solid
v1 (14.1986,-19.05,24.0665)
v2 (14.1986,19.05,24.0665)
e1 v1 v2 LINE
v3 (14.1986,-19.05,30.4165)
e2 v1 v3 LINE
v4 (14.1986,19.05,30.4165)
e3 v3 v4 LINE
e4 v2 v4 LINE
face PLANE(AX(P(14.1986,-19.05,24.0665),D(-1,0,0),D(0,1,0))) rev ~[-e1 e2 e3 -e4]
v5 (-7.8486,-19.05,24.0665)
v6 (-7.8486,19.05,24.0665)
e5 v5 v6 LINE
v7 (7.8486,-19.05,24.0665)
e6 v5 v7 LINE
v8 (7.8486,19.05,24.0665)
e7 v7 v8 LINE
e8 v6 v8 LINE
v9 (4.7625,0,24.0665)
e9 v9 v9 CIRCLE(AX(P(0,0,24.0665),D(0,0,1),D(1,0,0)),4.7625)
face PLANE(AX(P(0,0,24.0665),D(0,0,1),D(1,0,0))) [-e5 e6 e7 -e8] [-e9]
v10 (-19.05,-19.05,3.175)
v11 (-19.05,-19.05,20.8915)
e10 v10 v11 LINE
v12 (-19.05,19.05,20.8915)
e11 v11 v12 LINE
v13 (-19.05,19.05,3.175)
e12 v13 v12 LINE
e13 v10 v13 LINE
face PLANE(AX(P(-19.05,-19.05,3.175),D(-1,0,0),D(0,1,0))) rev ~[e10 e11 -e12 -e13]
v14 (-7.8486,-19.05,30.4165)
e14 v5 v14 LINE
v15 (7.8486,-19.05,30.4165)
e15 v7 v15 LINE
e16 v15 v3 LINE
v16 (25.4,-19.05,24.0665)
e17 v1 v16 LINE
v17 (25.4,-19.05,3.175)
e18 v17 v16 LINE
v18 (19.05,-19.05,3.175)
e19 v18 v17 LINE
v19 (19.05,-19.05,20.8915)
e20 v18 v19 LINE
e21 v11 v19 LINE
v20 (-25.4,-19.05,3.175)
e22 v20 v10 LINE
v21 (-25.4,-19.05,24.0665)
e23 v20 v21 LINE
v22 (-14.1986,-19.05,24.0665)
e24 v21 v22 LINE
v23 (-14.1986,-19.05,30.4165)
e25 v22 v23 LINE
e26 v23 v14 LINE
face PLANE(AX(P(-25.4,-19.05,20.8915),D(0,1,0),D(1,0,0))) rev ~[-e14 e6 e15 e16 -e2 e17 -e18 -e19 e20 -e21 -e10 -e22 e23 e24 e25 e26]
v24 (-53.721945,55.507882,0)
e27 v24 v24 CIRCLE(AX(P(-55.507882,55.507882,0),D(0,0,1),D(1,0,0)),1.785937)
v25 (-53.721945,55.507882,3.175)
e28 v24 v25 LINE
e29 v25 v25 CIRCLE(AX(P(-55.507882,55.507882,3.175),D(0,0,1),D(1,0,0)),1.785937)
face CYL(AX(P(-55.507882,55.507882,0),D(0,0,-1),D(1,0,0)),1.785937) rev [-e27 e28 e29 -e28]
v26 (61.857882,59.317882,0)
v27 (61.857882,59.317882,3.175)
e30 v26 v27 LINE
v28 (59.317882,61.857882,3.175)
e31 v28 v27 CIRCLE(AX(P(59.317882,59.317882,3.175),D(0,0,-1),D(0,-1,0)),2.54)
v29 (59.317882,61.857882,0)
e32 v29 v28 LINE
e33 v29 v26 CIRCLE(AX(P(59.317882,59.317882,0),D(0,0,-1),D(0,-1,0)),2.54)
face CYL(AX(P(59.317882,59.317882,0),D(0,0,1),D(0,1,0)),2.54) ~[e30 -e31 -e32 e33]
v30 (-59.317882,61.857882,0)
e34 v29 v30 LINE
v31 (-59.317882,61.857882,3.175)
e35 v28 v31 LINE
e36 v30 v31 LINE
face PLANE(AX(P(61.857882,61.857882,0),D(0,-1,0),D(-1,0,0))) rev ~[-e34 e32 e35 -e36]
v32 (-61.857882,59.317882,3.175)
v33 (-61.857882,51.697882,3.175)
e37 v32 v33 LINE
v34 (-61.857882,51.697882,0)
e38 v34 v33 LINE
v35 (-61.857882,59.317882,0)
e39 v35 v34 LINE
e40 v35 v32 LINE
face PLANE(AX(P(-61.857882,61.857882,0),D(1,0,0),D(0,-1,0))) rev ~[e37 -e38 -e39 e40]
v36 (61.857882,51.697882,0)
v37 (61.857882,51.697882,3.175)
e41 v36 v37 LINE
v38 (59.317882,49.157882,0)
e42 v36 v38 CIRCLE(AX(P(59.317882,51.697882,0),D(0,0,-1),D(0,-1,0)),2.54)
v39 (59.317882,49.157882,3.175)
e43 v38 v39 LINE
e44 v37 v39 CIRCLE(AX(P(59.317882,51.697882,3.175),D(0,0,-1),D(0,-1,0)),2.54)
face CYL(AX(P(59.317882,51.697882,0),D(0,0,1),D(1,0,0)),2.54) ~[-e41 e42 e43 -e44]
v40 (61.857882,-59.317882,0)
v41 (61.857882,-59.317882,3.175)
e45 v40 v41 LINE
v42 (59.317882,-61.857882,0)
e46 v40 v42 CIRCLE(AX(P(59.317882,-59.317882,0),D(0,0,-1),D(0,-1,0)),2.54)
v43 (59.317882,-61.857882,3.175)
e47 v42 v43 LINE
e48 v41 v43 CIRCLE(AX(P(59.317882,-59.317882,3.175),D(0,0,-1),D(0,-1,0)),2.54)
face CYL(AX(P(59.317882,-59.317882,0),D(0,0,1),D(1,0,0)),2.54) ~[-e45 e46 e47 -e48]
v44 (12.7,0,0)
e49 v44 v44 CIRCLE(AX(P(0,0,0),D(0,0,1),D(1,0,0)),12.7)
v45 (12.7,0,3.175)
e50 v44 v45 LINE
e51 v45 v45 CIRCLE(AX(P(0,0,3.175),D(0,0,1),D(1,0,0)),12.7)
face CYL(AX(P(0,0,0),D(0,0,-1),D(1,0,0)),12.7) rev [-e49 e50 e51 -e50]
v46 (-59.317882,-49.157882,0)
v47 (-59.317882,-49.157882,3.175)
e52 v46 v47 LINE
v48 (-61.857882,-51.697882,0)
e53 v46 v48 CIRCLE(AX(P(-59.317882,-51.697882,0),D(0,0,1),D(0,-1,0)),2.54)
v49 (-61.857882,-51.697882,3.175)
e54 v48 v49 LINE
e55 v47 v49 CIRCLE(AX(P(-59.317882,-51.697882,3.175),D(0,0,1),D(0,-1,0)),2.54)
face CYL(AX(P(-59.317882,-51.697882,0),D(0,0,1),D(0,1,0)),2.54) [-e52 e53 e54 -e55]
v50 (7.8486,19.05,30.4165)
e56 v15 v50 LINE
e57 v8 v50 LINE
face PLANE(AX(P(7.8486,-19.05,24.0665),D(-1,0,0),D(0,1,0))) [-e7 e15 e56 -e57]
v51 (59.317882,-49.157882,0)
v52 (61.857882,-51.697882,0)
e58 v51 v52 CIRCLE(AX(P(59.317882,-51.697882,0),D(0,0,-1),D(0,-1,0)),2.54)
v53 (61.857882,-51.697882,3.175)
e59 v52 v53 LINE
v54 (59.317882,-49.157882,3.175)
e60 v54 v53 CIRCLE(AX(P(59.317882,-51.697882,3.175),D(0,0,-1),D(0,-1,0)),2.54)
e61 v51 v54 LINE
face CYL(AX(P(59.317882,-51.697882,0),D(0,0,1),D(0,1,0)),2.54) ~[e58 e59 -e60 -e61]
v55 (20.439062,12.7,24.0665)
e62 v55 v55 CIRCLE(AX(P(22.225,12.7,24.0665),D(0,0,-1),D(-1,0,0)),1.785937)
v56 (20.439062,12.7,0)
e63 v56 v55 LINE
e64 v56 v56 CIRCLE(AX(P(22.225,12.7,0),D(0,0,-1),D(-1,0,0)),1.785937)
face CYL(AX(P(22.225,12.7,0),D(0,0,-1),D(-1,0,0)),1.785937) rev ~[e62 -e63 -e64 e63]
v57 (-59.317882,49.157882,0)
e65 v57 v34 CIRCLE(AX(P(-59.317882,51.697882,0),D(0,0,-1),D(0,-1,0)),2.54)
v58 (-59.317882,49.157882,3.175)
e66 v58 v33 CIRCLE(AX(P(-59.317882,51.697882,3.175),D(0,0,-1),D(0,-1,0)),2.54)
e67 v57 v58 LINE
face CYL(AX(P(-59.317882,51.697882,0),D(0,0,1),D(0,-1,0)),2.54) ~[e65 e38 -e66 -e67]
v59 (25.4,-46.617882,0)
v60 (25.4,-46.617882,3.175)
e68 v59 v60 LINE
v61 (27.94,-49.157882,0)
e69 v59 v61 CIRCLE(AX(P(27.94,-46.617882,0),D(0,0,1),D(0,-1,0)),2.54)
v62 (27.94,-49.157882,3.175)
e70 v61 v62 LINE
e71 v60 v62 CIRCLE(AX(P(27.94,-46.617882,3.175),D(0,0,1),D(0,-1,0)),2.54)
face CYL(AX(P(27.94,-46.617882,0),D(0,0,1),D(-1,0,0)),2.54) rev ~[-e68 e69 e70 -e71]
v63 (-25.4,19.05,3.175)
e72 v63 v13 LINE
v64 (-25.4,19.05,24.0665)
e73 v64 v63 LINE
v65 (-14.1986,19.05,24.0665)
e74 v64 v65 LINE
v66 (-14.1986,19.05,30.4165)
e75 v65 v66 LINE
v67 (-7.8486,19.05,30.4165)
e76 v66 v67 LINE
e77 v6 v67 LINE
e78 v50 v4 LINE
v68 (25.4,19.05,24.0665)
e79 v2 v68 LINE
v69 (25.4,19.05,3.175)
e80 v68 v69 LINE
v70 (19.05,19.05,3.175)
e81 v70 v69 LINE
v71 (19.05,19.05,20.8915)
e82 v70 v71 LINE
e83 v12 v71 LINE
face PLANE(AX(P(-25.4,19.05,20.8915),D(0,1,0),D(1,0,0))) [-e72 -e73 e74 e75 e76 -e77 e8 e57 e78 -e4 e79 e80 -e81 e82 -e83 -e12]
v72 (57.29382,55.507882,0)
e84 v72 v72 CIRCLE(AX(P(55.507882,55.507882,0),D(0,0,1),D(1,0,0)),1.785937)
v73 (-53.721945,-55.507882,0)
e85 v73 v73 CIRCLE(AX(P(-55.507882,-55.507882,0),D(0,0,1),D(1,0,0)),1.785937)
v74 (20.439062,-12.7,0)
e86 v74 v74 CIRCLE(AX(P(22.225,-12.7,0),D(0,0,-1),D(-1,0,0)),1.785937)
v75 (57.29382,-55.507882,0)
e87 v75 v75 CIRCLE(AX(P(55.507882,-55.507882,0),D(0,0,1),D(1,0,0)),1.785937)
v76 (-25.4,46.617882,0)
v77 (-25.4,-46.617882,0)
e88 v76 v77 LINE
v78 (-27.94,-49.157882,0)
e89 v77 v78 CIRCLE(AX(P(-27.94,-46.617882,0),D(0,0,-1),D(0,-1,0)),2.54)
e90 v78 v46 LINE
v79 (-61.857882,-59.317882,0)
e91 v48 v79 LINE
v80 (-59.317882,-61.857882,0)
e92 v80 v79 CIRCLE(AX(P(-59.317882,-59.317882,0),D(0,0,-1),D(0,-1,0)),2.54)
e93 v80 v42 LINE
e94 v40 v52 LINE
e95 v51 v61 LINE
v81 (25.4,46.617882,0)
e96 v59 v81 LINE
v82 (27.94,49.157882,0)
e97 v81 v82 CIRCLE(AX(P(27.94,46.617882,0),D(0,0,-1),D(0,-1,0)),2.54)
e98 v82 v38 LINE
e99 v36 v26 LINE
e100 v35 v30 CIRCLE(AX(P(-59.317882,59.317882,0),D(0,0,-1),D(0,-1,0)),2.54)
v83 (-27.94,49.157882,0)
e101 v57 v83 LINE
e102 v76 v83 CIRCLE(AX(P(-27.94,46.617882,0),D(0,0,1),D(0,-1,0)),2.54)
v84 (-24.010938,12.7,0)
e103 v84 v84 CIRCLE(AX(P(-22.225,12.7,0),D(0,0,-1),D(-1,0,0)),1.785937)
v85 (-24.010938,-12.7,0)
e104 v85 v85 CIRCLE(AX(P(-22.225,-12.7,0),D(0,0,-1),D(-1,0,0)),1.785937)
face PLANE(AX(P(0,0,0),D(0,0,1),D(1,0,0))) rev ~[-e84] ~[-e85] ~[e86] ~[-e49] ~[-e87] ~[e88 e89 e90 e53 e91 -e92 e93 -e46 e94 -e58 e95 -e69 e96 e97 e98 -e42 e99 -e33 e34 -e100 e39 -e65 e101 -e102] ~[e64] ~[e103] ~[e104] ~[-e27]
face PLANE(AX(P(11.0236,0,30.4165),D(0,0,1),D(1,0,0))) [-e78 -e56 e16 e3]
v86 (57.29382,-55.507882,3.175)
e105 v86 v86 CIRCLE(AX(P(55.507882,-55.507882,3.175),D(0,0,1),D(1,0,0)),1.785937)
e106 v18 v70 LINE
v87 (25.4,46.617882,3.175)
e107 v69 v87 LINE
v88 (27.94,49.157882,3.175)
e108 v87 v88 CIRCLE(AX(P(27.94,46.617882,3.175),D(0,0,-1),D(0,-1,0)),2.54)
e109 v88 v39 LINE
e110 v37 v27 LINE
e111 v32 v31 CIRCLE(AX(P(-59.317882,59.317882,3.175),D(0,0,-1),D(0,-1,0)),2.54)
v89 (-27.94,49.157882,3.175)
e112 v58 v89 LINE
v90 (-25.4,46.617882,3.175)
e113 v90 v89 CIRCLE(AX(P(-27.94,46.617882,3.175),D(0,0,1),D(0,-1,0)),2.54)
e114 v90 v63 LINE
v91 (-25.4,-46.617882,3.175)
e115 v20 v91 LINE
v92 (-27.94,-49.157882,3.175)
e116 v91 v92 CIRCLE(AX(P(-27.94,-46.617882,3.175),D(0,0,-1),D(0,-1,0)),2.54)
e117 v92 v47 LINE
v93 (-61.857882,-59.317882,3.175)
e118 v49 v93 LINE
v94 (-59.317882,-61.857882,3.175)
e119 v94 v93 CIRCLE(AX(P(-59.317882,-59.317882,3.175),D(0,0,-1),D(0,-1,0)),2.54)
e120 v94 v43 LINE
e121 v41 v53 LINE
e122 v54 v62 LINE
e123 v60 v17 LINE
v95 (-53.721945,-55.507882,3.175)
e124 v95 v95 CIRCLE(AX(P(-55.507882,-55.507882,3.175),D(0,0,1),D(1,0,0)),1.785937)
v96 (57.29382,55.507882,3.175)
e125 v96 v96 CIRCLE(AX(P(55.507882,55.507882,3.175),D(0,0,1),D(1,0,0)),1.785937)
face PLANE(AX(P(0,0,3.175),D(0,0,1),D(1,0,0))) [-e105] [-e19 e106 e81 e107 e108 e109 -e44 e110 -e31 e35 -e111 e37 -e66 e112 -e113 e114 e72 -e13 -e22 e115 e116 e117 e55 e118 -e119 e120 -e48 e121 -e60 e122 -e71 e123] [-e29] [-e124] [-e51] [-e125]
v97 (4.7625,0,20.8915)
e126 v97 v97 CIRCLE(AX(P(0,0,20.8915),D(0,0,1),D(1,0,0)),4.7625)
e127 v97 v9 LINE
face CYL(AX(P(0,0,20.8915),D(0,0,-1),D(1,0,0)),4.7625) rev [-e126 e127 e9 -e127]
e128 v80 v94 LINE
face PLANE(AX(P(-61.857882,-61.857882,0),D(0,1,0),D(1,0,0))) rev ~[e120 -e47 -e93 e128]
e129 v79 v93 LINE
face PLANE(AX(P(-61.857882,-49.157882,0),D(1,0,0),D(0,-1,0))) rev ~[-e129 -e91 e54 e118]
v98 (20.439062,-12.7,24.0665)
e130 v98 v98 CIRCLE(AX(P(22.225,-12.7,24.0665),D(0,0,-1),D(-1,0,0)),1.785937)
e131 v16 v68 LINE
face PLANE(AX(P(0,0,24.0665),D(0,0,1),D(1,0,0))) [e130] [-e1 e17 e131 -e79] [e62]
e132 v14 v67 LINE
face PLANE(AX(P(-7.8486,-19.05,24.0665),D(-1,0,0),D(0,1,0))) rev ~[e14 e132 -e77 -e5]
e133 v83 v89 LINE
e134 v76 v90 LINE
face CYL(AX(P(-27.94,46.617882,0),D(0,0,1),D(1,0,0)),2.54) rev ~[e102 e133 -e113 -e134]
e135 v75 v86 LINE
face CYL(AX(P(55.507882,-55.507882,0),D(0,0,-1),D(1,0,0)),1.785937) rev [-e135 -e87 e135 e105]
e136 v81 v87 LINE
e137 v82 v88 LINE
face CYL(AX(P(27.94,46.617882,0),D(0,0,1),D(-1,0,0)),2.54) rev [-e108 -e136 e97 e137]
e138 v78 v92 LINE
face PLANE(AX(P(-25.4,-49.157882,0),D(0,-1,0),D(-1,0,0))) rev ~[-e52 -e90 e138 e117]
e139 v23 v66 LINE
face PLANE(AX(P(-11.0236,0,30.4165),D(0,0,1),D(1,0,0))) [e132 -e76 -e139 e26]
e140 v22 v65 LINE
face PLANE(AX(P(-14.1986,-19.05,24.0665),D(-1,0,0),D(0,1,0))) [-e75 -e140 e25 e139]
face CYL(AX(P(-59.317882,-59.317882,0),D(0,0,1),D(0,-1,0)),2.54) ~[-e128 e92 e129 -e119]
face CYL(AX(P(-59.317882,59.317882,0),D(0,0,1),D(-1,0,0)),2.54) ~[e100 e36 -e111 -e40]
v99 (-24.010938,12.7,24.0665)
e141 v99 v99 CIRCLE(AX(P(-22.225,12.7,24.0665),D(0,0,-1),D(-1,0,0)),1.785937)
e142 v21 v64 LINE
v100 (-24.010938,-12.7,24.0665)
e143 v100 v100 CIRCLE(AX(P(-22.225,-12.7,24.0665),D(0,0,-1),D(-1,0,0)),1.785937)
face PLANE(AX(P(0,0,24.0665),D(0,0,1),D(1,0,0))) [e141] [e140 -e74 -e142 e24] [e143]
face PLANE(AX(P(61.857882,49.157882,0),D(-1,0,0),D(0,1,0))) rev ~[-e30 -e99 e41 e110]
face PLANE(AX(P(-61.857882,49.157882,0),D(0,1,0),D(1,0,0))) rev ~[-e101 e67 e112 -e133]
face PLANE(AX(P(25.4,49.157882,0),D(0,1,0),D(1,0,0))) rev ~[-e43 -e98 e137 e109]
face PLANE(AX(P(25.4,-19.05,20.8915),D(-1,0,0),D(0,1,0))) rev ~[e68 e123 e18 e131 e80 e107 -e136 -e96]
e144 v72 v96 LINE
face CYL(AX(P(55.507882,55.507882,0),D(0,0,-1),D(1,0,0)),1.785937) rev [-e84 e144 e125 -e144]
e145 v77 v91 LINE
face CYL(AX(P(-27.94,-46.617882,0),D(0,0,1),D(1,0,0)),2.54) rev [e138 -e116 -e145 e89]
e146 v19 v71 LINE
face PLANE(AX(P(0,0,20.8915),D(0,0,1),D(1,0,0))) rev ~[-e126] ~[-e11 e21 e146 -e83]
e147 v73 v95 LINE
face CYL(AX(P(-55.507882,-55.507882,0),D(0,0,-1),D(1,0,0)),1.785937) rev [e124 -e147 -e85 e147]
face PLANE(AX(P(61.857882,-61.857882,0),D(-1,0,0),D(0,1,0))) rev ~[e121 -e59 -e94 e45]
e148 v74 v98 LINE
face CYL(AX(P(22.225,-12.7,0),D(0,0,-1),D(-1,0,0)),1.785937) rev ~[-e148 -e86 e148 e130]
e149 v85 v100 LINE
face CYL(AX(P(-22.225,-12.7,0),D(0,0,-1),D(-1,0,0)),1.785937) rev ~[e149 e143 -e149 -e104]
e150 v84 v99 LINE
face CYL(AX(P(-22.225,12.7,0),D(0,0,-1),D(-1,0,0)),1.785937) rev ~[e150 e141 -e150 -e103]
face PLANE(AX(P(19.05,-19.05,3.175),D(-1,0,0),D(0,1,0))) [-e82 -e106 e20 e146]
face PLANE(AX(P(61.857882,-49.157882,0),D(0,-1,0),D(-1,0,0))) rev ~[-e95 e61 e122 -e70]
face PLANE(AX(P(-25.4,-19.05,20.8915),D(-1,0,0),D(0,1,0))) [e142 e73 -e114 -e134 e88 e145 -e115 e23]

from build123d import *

# Parameters (mm, degrees)
SKETCH1_R           = 1.7859375
SKETCH1_R_2         = 12.7
BOSS_EXTRUDE1_DEPTH = 3.175
SKETCH2_W           = 6.35
SKETCH2_H           = 38.1
BOSS_EXTRUDE2_DEPTH = 17.7165
SKETCH3_W           = 50.8
SKETCH3_H           = 38.1
SKETCH3_R           = 4.7625
BOSS_EXTRUDE3_DEPTH = 3.175
SKETCH4_W           = 6.35
SKETCH4_H           = 38.1
BOSS_EXTRUDE4_DEPTH = 6.35
FILLET1_R           = 2.54
CUT_EXTRUDE2_REACH  = 94.617
SKETCH6_R           = 1.7859375


with BuildPart() as part:
    # Sketch1 → Boss-Extrude1 (new body)
    with BuildSketch(Plane.XY):
        Polygon((25.4, -19.05), (25.4, 49.157882323), (61.857882323, 49.157882323), (61.857882323, 61.857882323), (19.05, 61.857882323), (-19.05, 61.857882323), (-61.857882323, 61.857882323), (-61.857882323, 49.157882323), (-25.4, 49.157882323), (-25.4, -19.05), (-25.4, -49.157882323), (-61.857882323, -49.157882323), (-61.857882323, -61.857882323), (-19.05, -61.857882323), (19.05, -61.857882323), (61.857882323, -61.857882323), (61.857882323, -49.157882323), (25.4, -49.157882323), align=None)
        with Locations((-55.507882323, -55.507882323)):
            Circle(SKETCH1_R, mode=Mode.SUBTRACT)
        with Locations((55.507882323, -55.507882323)):
            Circle(SKETCH1_R, mode=Mode.SUBTRACT)
        Circle(SKETCH1_R_2, mode=Mode.SUBTRACT)
        with Locations((-55.507882323, 55.507882323)):
            Circle(SKETCH1_R, mode=Mode.SUBTRACT)
        with Locations((55.507882323, 55.507882323)):
            Circle(SKETCH1_R, mode=Mode.SUBTRACT)
    extrude(amount=BOSS_EXTRUDE1_DEPTH)

    # Sketch2 → Boss-Extrude2 (add)
    with BuildSketch(Plane.XY.offset(3.175)):
        with Locations((22.225, 0)):
            Rectangle(SKETCH2_W, SKETCH2_H)
        with Locations((-22.225, 0)):
            Rectangle(SKETCH2_W, SKETCH2_H)
    extrude(amount=BOSS_EXTRUDE2_DEPTH)

    # Sketch3 → Boss-Extrude3 (add)
    with BuildSketch(Plane.XY.offset(20.8915)):
        Rectangle(SKETCH3_W, SKETCH3_H)
        Circle(SKETCH3_R, mode=Mode.SUBTRACT)
    extrude(amount=BOSS_EXTRUDE3_DEPTH)

    # Sketch4 → Boss-Extrude4 (add)
    with BuildSketch(Plane.XY.offset(24.0665)):
        with Locations((11.0236, 0)):
            Rectangle(SKETCH4_W, SKETCH4_H)
        with Locations((-11.0236, 0)):
            Rectangle(SKETCH4_W, SKETCH4_H)
    extrude(amount=BOSS_EXTRUDE4_DEPTH)

    # Fillet1
    fillet1_edges = [part.edges().sort_by_distance(p)[0] for p in [
        (61.857882323, -49.157882323, 1.5875),
        (61.857882323, -61.857882323, 1.5875),
        (-61.857882323, -61.857882323, 1.5875),
        (-61.857882323, -49.157882323, 1.5875),
        (-25.4, -49.157882323, 1.5875),
        (-25.4, 49.157882323, 1.5875),
        (-61.857882323, 49.157882323, 1.5875),
        (-61.857882323, 61.857882323, 1.5875),
        (61.857882323, 61.857882323, 1.5875),
        (61.857882323, 49.157882323, 1.5875),
        (25.4, 49.157882323, 1.5875),
        (25.4, -49.157882323, 1.5875),
    ]]
    fillet(fillet1_edges, radius=FILLET1_R)

    # Sketch6 → Cut-Extrude2 (cut, up to next)
    with BuildSketch(Plane(origin=(0, 0, 0), x_dir=(-1, 0, 0), z_dir=(0, 0, -1)), mode=Mode.PRIVATE) as cut_extrude2_sk1:
        with Locations((-22.225, -12.7)):
            Circle(SKETCH6_R)
    cut_extrude2_tool1 = extrude(cut_extrude2_sk1.sketch, amount=-CUT_EXTRUDE2_REACH, mode=Mode.PRIVATE) & part.part
    # Sketch6 → Cut-Extrude2 (cut, up to next)
    with BuildSketch(Plane(origin=(0, 0, 0), x_dir=(-1, 0, 0), z_dir=(0, 0, -1)), mode=Mode.PRIVATE) as cut_extrude2_sk2:
        with Locations((-22.225, 12.7)):
            Circle(SKETCH6_R)
    cut_extrude2_tool2 = extrude(cut_extrude2_sk2.sketch, amount=-CUT_EXTRUDE2_REACH, mode=Mode.PRIVATE) & part.part
    # Sketch6 → Cut-Extrude2 (cut, up to next)
    with BuildSketch(Plane(origin=(0, 0, 0), x_dir=(-1, 0, 0), z_dir=(0, 0, -1)), mode=Mode.PRIVATE) as cut_extrude2_sk3:
        with Locations((22.225, 12.7)):
            Circle(SKETCH6_R)
    cut_extrude2_tool3 = extrude(cut_extrude2_sk3.sketch, amount=-CUT_EXTRUDE2_REACH, mode=Mode.PRIVATE) & part.part
    # Sketch6 → Cut-Extrude2 (cut, up to next)
    with BuildSketch(Plane(origin=(0, 0, 0), x_dir=(-1, 0, 0), z_dir=(0, 0, -1)), mode=Mode.PRIVATE) as cut_extrude2_sk4:
        with Locations((22.225, -12.7)):
            Circle(SKETCH6_R)
    cut_extrude2_tool4 = extrude(cut_extrude2_sk4.sketch, amount=-CUT_EXTRUDE2_REACH, mode=Mode.PRIVATE) & part.part
    add(cut_extrude2_tool1.solids().sort_by_distance((22.225, -12.7, 0))[0], mode=Mode.SUBTRACT)
    add(cut_extrude2_tool2.solids().sort_by_distance((22.225, 12.7, 0))[0], mode=Mode.SUBTRACT)
    add(cut_extrude2_tool3.solids().sort_by_distance((-22.225, 12.7, 0))[0], mode=Mode.SUBTRACT)
    add(cut_extrude2_tool4.solids().sort_by_distance((-22.225, -12.7, 0))[0], mode=Mode.SUBTRACT)


solid = part.part
